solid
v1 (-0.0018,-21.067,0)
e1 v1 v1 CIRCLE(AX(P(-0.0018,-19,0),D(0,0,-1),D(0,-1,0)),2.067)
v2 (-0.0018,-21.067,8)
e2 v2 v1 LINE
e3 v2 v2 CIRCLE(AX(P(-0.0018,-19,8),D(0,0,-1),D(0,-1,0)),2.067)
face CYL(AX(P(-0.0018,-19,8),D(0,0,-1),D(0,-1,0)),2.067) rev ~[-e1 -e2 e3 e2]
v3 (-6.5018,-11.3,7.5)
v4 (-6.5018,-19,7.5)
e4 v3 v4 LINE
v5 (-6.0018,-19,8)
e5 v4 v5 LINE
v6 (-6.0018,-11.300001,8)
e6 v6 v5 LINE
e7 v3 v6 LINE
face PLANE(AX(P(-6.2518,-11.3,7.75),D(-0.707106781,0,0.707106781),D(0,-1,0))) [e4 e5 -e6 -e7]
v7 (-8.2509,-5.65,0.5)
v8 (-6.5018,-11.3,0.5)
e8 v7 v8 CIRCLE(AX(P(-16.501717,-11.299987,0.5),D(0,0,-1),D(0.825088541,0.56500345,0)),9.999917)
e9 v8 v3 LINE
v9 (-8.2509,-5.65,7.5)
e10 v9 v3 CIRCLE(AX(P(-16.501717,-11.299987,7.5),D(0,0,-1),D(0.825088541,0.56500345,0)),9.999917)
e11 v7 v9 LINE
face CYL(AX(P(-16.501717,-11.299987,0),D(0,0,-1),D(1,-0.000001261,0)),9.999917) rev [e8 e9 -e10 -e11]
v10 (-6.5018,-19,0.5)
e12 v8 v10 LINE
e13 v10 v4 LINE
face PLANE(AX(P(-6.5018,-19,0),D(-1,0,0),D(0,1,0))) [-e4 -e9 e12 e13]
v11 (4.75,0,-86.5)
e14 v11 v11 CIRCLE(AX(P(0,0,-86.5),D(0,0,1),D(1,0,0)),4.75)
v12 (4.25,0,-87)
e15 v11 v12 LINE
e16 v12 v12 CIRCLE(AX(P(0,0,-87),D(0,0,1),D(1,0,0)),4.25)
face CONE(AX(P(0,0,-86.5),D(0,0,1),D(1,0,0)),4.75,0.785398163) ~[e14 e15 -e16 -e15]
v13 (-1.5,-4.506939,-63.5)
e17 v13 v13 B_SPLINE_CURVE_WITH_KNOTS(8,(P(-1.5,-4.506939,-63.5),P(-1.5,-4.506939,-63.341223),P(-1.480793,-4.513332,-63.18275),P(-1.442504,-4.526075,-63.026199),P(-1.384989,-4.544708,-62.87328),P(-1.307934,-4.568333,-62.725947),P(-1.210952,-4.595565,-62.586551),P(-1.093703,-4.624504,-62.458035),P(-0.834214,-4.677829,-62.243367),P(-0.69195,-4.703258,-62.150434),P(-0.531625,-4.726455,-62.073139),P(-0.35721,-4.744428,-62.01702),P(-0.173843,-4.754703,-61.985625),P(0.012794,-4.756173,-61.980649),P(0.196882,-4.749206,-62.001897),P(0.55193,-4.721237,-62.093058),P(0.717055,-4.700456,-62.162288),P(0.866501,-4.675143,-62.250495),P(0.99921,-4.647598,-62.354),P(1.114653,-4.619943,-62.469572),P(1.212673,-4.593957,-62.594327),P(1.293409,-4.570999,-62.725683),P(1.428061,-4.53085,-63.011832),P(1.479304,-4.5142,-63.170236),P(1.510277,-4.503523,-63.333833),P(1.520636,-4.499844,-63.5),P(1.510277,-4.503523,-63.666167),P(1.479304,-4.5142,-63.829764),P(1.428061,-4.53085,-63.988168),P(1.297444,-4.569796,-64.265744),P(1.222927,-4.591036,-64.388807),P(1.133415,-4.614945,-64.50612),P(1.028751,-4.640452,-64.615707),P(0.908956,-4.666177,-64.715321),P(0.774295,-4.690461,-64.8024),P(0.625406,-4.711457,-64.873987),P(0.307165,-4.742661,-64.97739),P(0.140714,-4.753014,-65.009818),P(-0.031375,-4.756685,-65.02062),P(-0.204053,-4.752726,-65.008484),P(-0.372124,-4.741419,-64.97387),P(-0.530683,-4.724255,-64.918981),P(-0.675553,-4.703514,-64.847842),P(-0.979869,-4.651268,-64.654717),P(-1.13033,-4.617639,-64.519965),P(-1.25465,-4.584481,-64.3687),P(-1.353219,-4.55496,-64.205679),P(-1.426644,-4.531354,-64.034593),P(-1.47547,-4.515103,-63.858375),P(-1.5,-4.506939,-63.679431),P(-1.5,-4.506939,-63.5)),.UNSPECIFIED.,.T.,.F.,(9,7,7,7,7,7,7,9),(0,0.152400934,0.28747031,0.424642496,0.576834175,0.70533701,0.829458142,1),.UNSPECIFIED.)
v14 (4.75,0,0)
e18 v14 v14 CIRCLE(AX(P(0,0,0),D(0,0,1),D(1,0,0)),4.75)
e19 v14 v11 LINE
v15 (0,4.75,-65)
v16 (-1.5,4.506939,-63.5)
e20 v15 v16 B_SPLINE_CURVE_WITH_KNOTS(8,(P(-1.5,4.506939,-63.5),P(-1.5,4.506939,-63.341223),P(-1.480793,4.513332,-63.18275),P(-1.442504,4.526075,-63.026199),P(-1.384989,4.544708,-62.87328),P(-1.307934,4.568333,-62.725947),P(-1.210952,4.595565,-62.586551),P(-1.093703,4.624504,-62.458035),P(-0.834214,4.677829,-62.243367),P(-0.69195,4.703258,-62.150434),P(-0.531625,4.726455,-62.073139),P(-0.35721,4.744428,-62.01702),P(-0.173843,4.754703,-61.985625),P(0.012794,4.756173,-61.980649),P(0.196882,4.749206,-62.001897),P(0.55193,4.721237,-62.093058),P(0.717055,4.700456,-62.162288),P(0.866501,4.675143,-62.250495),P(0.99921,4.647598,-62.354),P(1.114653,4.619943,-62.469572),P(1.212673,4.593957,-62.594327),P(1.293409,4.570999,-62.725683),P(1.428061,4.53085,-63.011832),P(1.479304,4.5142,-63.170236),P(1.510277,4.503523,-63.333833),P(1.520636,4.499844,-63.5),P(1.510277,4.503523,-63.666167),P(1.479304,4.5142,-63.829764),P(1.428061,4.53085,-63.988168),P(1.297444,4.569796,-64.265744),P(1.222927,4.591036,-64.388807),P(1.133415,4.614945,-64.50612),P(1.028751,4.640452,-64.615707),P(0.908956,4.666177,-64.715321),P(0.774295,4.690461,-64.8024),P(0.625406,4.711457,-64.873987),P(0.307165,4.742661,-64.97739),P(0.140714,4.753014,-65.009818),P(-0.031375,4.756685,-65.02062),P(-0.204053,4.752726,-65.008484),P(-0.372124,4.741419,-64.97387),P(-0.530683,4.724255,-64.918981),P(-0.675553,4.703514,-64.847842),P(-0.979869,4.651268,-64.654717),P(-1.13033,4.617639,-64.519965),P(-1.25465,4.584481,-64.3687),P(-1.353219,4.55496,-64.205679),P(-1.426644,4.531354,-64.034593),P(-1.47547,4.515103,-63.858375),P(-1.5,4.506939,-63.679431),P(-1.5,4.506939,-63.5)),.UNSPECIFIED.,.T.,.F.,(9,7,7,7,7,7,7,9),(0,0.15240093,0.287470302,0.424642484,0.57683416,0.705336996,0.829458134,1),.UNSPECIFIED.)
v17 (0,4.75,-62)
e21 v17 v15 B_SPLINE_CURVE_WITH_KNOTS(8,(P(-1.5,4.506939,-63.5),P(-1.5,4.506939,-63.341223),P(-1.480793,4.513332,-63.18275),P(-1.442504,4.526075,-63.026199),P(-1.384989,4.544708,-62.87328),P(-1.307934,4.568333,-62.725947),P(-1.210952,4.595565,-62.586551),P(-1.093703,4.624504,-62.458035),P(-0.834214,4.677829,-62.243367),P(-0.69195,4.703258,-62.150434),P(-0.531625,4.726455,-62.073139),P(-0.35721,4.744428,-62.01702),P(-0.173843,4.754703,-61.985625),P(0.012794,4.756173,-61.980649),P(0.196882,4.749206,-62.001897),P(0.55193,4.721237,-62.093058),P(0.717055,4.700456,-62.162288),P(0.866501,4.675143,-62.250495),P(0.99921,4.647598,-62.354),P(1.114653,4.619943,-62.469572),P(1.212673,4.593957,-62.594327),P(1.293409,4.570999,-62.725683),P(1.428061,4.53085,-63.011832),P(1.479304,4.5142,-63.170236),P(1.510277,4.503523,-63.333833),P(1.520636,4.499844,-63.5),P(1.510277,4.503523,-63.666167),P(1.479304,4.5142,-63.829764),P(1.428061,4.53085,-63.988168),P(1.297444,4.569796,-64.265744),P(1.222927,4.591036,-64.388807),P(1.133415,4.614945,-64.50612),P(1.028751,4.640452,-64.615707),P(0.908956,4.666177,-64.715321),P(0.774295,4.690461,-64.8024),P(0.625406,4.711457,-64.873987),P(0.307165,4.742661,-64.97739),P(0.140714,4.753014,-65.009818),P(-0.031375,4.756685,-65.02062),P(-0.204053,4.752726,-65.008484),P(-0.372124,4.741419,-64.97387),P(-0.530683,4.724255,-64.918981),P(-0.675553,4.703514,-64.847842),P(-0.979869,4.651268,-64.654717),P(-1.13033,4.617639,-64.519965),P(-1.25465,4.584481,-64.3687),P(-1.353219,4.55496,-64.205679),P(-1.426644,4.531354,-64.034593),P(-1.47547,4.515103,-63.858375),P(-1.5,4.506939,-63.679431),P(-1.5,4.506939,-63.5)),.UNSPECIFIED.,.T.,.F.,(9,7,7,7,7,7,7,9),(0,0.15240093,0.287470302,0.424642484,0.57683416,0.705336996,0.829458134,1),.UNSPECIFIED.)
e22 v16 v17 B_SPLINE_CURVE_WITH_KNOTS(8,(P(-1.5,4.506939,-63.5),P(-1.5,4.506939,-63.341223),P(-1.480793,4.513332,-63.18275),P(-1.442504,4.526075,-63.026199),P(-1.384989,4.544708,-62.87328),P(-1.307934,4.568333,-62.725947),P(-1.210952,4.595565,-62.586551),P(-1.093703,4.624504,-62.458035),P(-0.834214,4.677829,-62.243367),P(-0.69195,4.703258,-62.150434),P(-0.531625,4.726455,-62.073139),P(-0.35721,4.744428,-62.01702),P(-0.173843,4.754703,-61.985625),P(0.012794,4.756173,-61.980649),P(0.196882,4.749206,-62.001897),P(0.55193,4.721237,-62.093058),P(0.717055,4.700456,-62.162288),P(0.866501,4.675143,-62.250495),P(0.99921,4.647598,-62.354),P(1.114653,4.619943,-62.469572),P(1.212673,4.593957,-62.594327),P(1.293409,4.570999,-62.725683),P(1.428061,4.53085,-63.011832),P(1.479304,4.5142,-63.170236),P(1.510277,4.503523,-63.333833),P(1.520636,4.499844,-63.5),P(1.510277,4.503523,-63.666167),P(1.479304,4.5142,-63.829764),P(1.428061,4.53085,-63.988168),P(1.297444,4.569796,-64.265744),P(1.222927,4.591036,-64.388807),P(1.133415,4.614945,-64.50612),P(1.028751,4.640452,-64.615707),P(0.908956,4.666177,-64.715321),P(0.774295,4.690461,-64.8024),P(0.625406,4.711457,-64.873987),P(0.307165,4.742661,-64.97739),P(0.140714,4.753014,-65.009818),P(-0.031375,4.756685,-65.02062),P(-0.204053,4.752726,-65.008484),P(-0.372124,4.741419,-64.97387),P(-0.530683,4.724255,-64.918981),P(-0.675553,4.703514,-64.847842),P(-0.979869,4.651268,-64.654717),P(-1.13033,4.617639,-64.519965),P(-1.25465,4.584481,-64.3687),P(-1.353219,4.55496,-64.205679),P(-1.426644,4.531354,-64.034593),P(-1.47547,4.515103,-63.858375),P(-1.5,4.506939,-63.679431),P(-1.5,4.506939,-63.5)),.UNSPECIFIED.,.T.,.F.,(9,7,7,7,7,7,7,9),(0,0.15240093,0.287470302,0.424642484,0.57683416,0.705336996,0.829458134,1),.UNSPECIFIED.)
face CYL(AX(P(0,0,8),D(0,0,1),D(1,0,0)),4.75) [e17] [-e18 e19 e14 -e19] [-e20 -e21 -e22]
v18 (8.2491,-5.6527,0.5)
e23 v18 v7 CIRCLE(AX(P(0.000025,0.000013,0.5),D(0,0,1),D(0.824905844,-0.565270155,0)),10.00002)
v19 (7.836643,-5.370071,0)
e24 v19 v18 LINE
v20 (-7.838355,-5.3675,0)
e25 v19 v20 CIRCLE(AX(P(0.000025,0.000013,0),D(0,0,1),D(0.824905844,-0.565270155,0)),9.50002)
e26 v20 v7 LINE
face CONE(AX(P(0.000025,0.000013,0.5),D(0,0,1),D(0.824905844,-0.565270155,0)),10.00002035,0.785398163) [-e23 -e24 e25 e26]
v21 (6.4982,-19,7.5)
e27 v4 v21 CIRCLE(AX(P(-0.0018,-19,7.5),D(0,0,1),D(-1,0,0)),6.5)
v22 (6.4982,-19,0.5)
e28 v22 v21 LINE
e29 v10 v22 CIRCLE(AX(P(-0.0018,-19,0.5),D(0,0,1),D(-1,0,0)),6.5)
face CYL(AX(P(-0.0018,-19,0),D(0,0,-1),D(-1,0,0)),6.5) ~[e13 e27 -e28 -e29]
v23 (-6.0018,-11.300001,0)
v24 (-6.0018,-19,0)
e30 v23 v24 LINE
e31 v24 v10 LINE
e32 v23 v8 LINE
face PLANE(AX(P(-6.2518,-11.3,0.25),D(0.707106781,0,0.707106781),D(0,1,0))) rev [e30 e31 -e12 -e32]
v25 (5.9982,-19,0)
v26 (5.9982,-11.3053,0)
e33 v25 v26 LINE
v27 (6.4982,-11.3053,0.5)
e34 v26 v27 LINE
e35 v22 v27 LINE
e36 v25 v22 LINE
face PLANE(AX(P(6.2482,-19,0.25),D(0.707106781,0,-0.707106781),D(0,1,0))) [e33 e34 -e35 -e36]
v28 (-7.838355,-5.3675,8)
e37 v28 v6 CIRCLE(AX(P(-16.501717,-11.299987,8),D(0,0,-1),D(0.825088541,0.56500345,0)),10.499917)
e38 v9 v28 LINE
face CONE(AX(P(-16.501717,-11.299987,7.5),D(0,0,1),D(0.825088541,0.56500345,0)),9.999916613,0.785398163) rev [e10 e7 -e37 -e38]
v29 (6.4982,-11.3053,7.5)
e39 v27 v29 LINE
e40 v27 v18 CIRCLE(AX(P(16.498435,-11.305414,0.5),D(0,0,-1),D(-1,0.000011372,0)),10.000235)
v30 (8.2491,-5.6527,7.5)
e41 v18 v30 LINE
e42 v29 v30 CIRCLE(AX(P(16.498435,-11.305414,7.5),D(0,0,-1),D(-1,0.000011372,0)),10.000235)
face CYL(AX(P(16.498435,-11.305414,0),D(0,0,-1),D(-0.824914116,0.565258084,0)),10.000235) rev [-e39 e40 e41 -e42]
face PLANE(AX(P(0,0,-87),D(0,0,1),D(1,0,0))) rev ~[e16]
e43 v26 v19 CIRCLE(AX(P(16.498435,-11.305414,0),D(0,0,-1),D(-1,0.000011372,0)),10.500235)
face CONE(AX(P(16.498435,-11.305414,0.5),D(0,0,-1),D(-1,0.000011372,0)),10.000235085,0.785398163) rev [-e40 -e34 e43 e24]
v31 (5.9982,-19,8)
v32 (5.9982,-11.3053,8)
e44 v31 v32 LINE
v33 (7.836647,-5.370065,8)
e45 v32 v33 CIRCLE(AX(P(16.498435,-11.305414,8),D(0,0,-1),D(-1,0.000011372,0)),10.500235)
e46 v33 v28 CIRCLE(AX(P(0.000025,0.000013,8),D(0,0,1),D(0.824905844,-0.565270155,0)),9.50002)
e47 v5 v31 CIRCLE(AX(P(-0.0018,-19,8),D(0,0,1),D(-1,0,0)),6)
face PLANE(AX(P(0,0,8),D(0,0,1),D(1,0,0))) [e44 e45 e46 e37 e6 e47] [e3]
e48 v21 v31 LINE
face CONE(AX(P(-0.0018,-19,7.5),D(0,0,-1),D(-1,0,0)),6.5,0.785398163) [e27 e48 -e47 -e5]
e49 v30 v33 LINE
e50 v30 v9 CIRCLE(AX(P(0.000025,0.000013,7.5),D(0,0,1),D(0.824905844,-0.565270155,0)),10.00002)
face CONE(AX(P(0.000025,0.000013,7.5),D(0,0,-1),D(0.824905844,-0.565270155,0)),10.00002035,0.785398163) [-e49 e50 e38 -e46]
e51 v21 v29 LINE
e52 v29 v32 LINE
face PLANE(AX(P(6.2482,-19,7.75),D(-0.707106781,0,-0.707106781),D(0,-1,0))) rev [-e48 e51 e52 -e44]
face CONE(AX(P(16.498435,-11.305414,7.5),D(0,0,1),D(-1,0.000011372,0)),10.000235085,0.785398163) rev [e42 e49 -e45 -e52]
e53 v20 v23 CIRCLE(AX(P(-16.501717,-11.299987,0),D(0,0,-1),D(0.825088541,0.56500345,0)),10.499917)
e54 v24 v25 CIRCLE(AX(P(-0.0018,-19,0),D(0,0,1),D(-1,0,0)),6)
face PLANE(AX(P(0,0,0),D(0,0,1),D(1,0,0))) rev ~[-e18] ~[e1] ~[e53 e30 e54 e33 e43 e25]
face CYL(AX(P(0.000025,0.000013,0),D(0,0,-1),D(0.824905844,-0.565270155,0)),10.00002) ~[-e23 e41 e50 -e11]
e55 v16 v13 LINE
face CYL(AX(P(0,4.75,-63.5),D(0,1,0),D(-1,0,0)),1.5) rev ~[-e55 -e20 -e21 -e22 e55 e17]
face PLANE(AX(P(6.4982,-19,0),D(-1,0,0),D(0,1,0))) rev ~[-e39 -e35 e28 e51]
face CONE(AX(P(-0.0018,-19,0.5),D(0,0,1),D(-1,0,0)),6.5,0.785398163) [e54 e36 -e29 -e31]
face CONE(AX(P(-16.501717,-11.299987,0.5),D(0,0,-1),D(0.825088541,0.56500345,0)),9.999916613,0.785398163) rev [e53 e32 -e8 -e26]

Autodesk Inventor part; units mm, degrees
ref_plane "YZ Plane" through (0, 0, 0) normal (1, 0, 0) x (0, 1, 0)
ref_plane "XY Plane" through (0, 0, 0) normal (0, 0, 1) x (1, 0, 0)
sketch "Sketch1" plane through (0, 0, 0) normal (0, 0, 1) x (1, 0, 0)
  arc A0 (8.2491, -5.6527) -> (-8.2509, -5.65) centre (0, 0) ccw
  arc A1 (-6.5018, -19) -> (6.4982, -19) centre (-0.0018, -19) ccw
  circle A2 centre (0, 0) radius 4.75
  line L0 (-6.5018, -19) -> (-6.5018, -11.3)
  line L1 (6.4982, -19) -> (6.4982, -11.3053)
  arc A3 (-6.5018, -11.3) -> (-8.2509, -5.65) centre (-16.5018, -11.3) ccw
  arc A4 (8.2491, -5.6527) -> (6.4982, -11.3053) centre (16.4982, -11.3053) ccw
  point P0 (-6.5018, -7.5978)
  point P1 (6.4982, -7.6009)
  point P2 (-6.9491, -8.3427)
  dimension "d0" = 20
  dimension "d1" = 9.5
  dimension "d2" = 13
  dimension "d3" = 19
  dimension "d4" = 10
  dimension "d6" = 7.7
extrude "Extrusion1" add sketch "Sketch1" along normal blind 8
sketch "Sketch2" plane through (0, 0, 8) normal (0, 0, 1) x (1, 0, 0)
  arc A0 (-6.5018, -19) -> (6.4982, -19) centre (-0.0018, -19) ccw projected
hole "Hole1" at (-0.0018, -19, 8) direction (0, 0, -1) diameter 4.134 end through all thread size "M5x0.8" class "6H" standard "ANSI Metric M Profile"
sketch "Sketch3" plane through (0, 0, 8) normal (0, 0, 1) x (1, 0, 0)
  circle A0 centre (0, 0) radius 4.75 projected
  circle A1 centre (0, 0) radius 4.75
extrude "Extrusion2" add sketch "Sketch3" against normal blind 95
chamfer "Chamfer1" distance 0.5 angle 45 13 edges at (0.0016, 10, 8) (-6.9491, -8.3427, 8) (-6.5018, -15.15, 8) (-0.0018, -25.5, 8) (6.4982, -15.1527, 8) (6.9459, -8.3465, 8) (-4.75, 0, -87) (-0.0018, -25.5, 0) (6.4982, -15.1527, 0) (6.9459, -8.3465, 0) (0.0016, 10, 0) (-6.9491, -8.3427, 0) (-6.5018, -15.15, 0)
ref_plane "Work Plane1" through (0, 4.75, 0) normal (0, 1, 0) x (-1, 0, 0)
sketch "Sketch4" plane through (0, 4.75, 0) normal (0, 1, 0) x (-1, 0, 0)
  circle A0 centre (0, -63.5) radius 1.5
  line L0 (-4.75, -87) -> (4.75, -87) projected
  point P0 (0, 0)
  point P1 (0, -87)
  dimension "d22" = 3
  dimension "d23" = 23.5
extrude "Extrusion3" cut sketch "Sketch4" against normal through all
properties part number "Crankshaft" material "Steel AISI 1020 107 HR"
